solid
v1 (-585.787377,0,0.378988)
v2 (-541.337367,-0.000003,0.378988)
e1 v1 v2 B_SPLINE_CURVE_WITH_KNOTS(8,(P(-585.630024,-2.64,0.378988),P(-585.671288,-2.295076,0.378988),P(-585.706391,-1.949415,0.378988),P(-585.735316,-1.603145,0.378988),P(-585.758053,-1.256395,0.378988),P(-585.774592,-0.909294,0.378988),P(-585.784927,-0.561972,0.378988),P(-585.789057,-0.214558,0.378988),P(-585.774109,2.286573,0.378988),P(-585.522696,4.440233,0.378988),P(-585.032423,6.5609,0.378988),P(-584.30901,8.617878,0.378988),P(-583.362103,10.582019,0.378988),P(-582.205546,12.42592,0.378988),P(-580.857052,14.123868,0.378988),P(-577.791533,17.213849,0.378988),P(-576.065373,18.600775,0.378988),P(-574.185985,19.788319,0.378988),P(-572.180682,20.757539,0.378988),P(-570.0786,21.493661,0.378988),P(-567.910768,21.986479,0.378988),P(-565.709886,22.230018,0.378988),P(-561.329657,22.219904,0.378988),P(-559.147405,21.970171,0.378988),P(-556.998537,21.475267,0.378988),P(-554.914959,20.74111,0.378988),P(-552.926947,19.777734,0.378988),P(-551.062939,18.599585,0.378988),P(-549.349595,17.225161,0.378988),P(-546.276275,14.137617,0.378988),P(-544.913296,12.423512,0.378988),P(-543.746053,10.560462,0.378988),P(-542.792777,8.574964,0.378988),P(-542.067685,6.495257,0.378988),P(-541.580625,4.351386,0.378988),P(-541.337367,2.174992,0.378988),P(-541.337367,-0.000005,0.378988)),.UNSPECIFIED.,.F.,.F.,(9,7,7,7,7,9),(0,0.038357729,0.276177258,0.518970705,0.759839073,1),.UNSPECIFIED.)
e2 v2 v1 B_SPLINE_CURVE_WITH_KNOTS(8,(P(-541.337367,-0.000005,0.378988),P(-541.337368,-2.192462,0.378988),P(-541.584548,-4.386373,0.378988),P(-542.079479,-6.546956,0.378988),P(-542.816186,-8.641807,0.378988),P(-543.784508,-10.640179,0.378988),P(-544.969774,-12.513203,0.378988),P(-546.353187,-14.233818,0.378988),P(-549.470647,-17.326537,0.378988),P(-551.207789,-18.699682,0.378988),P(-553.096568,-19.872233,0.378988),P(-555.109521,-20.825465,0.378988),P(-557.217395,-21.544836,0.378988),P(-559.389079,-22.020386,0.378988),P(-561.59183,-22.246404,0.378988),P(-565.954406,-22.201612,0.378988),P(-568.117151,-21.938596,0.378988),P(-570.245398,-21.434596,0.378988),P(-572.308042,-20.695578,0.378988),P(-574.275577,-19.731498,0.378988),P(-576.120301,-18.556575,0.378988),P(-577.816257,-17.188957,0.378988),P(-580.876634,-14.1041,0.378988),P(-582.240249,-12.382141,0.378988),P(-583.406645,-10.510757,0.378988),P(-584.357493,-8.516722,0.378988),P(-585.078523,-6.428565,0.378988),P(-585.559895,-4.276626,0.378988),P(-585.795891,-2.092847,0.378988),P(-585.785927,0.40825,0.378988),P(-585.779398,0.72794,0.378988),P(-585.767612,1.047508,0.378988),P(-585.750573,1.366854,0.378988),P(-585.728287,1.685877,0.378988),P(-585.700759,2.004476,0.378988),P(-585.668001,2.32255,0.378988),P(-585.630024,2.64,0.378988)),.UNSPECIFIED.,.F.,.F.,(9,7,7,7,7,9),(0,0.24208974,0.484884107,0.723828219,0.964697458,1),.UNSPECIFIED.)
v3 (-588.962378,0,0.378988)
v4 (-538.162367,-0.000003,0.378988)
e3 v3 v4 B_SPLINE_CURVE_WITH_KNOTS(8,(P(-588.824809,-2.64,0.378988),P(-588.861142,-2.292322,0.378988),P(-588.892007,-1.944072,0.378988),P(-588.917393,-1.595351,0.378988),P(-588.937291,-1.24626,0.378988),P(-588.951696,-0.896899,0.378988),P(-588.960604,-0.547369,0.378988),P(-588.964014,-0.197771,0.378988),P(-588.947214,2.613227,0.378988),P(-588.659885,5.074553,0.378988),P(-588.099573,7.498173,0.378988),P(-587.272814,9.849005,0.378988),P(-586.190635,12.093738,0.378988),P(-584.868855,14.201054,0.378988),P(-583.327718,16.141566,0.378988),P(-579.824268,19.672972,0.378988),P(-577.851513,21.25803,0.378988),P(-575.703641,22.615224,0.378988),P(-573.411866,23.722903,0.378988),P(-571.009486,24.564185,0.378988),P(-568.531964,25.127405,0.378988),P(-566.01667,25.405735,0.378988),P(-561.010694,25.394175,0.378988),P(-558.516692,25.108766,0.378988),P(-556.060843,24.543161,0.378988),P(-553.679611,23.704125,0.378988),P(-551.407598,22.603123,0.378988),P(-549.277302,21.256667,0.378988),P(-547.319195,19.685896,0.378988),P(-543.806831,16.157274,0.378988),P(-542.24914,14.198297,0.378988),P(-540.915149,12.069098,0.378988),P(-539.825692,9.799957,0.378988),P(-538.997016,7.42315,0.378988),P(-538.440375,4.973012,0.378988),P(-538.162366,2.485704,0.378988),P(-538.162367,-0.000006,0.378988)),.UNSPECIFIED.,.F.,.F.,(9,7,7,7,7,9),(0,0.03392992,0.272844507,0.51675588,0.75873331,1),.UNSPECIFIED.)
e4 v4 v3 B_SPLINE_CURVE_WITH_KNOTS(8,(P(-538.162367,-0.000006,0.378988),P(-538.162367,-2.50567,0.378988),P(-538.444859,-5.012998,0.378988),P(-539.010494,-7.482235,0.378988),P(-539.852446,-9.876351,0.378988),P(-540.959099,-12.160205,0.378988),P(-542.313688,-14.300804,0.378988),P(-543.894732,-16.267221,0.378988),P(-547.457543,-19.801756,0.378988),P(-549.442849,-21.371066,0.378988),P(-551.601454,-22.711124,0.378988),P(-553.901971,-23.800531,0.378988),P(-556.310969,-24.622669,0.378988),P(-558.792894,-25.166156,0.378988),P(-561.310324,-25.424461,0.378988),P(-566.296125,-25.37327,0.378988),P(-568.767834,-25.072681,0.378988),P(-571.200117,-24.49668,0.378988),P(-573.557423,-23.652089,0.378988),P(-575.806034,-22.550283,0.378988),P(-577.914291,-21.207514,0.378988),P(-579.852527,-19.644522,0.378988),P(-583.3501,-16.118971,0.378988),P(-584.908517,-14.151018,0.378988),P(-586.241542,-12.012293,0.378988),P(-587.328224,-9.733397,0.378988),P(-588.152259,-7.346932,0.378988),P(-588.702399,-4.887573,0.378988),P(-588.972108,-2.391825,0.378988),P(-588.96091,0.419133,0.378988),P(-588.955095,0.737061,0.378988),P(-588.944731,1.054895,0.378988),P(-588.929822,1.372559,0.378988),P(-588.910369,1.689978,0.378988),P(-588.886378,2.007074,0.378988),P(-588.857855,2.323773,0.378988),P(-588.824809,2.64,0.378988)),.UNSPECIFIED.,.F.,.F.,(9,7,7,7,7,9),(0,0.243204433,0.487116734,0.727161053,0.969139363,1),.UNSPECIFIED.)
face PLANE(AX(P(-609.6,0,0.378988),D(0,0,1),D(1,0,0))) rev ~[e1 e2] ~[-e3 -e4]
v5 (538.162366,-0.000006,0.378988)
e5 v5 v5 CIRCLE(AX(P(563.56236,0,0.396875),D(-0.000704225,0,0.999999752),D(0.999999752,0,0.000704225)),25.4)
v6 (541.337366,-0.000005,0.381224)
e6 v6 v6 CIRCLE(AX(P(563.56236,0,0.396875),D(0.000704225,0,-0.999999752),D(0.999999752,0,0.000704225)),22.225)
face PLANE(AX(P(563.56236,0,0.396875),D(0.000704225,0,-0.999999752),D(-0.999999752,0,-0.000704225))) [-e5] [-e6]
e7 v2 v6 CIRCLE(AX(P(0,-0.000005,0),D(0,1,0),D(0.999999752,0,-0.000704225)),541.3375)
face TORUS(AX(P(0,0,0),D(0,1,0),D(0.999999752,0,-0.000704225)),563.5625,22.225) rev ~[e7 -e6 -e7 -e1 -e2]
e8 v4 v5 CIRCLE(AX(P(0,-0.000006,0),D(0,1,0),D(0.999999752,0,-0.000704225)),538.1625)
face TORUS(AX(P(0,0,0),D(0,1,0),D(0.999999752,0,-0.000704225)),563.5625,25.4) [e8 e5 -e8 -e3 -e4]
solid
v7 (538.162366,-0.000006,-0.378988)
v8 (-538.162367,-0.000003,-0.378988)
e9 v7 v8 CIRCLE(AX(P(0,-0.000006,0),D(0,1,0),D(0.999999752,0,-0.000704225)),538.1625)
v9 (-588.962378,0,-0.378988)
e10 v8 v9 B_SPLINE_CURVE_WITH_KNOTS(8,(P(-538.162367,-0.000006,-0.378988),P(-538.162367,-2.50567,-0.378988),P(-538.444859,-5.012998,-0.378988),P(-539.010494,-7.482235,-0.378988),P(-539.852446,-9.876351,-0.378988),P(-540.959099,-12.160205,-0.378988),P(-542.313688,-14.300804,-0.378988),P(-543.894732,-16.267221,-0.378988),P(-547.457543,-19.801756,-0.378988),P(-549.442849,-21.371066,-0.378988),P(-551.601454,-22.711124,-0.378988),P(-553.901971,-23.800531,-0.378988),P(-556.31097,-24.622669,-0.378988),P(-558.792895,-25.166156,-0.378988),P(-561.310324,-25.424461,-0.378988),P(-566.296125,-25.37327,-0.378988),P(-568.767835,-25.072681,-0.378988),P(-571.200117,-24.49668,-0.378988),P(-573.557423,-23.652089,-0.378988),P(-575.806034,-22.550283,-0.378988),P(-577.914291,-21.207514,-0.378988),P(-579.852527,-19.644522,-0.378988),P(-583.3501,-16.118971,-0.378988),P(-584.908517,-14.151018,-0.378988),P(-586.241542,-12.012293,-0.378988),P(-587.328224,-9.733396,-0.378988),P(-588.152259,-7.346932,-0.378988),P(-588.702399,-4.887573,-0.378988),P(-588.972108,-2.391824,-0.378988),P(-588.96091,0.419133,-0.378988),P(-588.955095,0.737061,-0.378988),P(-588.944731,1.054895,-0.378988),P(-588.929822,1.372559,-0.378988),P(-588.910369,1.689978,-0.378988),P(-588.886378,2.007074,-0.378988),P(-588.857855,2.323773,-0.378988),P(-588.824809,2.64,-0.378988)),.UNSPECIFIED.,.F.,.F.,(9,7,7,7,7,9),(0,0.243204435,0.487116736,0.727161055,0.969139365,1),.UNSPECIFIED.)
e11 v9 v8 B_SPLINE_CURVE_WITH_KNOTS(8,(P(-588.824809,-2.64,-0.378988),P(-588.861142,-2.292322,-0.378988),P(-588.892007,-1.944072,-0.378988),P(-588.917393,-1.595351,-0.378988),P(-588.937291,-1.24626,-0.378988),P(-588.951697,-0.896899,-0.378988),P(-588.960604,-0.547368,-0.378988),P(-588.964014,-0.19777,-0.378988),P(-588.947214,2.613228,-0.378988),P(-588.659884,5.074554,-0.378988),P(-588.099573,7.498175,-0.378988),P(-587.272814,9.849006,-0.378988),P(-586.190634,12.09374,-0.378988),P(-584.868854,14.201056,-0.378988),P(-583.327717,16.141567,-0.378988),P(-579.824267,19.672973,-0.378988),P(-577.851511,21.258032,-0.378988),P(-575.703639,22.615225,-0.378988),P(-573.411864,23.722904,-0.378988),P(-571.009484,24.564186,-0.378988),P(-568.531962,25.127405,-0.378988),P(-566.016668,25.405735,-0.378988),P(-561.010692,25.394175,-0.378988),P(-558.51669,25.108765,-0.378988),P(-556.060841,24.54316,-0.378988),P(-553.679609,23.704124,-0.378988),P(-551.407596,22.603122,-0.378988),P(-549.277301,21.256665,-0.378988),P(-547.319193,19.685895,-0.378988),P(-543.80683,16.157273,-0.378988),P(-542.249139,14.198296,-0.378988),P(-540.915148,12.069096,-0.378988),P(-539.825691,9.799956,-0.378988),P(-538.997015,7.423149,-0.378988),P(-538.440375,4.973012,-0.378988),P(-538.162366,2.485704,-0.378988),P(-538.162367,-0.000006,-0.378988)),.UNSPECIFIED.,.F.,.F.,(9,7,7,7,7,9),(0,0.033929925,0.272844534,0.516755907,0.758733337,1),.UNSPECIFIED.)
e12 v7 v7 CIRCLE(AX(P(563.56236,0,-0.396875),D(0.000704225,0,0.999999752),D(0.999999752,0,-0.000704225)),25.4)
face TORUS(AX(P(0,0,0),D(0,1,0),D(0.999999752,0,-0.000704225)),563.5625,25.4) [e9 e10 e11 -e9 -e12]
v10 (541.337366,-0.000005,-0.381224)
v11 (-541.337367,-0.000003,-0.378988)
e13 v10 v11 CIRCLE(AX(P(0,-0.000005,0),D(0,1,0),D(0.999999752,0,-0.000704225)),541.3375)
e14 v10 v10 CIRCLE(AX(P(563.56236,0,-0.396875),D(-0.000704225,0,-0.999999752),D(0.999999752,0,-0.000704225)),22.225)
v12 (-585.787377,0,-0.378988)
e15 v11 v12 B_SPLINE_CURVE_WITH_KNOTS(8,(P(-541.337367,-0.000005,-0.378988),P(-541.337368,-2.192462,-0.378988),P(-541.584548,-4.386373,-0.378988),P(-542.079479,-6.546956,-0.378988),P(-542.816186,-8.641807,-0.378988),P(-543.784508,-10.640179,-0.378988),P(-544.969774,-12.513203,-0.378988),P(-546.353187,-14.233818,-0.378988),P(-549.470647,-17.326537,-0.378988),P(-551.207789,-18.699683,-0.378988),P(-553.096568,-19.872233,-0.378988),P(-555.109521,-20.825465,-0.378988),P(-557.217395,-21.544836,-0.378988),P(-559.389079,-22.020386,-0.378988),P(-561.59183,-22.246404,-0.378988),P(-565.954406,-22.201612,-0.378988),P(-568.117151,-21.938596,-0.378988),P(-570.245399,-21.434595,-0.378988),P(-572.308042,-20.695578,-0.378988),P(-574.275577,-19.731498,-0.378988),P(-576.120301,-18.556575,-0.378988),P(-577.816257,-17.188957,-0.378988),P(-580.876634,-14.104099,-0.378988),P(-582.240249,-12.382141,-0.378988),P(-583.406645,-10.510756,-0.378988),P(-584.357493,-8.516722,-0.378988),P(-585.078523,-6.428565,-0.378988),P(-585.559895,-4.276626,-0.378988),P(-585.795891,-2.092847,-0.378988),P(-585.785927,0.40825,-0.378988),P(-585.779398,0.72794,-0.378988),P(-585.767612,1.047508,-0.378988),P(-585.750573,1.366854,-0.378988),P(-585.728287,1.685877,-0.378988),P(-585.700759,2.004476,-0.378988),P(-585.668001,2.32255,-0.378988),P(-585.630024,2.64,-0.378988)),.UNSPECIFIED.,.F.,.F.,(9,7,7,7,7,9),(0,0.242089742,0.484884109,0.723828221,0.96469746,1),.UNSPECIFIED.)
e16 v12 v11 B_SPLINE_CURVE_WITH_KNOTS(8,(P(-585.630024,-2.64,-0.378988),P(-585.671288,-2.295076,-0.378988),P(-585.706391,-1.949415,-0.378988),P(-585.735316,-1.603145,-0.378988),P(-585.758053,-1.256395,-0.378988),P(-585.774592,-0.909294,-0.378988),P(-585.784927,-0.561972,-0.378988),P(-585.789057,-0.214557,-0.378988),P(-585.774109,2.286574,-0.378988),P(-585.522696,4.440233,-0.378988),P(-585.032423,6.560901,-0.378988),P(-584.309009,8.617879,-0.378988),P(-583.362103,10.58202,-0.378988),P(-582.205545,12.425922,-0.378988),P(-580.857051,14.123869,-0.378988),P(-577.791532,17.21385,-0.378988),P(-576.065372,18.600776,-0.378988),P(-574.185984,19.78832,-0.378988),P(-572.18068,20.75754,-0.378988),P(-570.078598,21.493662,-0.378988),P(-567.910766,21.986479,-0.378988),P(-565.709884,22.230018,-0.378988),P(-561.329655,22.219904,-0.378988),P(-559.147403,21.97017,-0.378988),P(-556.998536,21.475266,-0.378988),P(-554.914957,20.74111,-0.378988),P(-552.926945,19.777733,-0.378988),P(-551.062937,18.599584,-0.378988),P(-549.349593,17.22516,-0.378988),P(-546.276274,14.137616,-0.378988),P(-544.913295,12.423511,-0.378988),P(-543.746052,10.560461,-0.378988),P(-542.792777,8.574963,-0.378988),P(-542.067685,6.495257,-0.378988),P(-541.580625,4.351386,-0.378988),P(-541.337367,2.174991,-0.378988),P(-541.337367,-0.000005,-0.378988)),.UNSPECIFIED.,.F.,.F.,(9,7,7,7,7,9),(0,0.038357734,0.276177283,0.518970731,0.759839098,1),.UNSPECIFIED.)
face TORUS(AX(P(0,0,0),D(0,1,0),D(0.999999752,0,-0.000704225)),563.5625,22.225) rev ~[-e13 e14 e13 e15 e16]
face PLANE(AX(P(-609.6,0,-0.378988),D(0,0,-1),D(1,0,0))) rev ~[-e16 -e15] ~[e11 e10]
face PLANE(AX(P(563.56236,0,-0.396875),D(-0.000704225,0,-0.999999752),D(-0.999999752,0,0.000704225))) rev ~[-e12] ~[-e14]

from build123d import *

# Parameters (mm, degrees)
SWEEP4_PROFILE_R        = 25.4
SHELL2_T                = -3.175
SKETCH27_W              = 101.6
SKETCH27_H              = 0.757976
CUT_EXTRUDE1_DEPTH      = 26.4
CUT_EXTRUDE1_DEPTH_BACK = 26.4


with BuildPart() as part:
    # Sweep4: sweep along a path in Sketch26
    with BuildLine(Plane(origin=(0, 0, 0), x_dir=(1, 0, 0), z_dir=(0, 1, 0))) as sweep4_path:
        ThreePointArc((563.56236, 0.396875), (-563.5625, 0), (563.56236, -0.396875))
    # Sweep4 profile (on start of the path) → Sweep4 (sweep)
    with BuildSketch(Plane(origin=(563.56236, 0, -0.396875), x_dir=(-1, 0, 0.000704), z_dir=(-0.000704, 0, -1))):
        Circle(SWEEP4_PROFILE_R)
    sweep(path=sweep4_path.line)

    # Shell2
    shell2_openings = [part.faces().sort_by_distance(p)[0] for p in [
        (538.162367, 0, 0.378988),
        (538.162367, 0, -0.378988),
    ]]
    offset(amount=SHELL2_T, openings=shell2_openings, kind=Kind.INTERSECTION)

    # Sketch27 → Cut-Extrude1 (cut, two sides)
    with BuildSketch(Plane(origin=(0, 0, 0), x_dir=(1, 0, 0), z_dir=(0, 1, 0))) as cut_extrude1_sk:
        with Locations((-558.8, 0)):
            Rectangle(SKETCH27_W, SKETCH27_H)
    extrude(amount=CUT_EXTRUDE1_DEPTH, mode=Mode.SUBTRACT)
    extrude(cut_extrude1_sk.sketch, amount=-CUT_EXTRUDE1_DEPTH_BACK, mode=Mode.SUBTRACT)


solid = part.part
